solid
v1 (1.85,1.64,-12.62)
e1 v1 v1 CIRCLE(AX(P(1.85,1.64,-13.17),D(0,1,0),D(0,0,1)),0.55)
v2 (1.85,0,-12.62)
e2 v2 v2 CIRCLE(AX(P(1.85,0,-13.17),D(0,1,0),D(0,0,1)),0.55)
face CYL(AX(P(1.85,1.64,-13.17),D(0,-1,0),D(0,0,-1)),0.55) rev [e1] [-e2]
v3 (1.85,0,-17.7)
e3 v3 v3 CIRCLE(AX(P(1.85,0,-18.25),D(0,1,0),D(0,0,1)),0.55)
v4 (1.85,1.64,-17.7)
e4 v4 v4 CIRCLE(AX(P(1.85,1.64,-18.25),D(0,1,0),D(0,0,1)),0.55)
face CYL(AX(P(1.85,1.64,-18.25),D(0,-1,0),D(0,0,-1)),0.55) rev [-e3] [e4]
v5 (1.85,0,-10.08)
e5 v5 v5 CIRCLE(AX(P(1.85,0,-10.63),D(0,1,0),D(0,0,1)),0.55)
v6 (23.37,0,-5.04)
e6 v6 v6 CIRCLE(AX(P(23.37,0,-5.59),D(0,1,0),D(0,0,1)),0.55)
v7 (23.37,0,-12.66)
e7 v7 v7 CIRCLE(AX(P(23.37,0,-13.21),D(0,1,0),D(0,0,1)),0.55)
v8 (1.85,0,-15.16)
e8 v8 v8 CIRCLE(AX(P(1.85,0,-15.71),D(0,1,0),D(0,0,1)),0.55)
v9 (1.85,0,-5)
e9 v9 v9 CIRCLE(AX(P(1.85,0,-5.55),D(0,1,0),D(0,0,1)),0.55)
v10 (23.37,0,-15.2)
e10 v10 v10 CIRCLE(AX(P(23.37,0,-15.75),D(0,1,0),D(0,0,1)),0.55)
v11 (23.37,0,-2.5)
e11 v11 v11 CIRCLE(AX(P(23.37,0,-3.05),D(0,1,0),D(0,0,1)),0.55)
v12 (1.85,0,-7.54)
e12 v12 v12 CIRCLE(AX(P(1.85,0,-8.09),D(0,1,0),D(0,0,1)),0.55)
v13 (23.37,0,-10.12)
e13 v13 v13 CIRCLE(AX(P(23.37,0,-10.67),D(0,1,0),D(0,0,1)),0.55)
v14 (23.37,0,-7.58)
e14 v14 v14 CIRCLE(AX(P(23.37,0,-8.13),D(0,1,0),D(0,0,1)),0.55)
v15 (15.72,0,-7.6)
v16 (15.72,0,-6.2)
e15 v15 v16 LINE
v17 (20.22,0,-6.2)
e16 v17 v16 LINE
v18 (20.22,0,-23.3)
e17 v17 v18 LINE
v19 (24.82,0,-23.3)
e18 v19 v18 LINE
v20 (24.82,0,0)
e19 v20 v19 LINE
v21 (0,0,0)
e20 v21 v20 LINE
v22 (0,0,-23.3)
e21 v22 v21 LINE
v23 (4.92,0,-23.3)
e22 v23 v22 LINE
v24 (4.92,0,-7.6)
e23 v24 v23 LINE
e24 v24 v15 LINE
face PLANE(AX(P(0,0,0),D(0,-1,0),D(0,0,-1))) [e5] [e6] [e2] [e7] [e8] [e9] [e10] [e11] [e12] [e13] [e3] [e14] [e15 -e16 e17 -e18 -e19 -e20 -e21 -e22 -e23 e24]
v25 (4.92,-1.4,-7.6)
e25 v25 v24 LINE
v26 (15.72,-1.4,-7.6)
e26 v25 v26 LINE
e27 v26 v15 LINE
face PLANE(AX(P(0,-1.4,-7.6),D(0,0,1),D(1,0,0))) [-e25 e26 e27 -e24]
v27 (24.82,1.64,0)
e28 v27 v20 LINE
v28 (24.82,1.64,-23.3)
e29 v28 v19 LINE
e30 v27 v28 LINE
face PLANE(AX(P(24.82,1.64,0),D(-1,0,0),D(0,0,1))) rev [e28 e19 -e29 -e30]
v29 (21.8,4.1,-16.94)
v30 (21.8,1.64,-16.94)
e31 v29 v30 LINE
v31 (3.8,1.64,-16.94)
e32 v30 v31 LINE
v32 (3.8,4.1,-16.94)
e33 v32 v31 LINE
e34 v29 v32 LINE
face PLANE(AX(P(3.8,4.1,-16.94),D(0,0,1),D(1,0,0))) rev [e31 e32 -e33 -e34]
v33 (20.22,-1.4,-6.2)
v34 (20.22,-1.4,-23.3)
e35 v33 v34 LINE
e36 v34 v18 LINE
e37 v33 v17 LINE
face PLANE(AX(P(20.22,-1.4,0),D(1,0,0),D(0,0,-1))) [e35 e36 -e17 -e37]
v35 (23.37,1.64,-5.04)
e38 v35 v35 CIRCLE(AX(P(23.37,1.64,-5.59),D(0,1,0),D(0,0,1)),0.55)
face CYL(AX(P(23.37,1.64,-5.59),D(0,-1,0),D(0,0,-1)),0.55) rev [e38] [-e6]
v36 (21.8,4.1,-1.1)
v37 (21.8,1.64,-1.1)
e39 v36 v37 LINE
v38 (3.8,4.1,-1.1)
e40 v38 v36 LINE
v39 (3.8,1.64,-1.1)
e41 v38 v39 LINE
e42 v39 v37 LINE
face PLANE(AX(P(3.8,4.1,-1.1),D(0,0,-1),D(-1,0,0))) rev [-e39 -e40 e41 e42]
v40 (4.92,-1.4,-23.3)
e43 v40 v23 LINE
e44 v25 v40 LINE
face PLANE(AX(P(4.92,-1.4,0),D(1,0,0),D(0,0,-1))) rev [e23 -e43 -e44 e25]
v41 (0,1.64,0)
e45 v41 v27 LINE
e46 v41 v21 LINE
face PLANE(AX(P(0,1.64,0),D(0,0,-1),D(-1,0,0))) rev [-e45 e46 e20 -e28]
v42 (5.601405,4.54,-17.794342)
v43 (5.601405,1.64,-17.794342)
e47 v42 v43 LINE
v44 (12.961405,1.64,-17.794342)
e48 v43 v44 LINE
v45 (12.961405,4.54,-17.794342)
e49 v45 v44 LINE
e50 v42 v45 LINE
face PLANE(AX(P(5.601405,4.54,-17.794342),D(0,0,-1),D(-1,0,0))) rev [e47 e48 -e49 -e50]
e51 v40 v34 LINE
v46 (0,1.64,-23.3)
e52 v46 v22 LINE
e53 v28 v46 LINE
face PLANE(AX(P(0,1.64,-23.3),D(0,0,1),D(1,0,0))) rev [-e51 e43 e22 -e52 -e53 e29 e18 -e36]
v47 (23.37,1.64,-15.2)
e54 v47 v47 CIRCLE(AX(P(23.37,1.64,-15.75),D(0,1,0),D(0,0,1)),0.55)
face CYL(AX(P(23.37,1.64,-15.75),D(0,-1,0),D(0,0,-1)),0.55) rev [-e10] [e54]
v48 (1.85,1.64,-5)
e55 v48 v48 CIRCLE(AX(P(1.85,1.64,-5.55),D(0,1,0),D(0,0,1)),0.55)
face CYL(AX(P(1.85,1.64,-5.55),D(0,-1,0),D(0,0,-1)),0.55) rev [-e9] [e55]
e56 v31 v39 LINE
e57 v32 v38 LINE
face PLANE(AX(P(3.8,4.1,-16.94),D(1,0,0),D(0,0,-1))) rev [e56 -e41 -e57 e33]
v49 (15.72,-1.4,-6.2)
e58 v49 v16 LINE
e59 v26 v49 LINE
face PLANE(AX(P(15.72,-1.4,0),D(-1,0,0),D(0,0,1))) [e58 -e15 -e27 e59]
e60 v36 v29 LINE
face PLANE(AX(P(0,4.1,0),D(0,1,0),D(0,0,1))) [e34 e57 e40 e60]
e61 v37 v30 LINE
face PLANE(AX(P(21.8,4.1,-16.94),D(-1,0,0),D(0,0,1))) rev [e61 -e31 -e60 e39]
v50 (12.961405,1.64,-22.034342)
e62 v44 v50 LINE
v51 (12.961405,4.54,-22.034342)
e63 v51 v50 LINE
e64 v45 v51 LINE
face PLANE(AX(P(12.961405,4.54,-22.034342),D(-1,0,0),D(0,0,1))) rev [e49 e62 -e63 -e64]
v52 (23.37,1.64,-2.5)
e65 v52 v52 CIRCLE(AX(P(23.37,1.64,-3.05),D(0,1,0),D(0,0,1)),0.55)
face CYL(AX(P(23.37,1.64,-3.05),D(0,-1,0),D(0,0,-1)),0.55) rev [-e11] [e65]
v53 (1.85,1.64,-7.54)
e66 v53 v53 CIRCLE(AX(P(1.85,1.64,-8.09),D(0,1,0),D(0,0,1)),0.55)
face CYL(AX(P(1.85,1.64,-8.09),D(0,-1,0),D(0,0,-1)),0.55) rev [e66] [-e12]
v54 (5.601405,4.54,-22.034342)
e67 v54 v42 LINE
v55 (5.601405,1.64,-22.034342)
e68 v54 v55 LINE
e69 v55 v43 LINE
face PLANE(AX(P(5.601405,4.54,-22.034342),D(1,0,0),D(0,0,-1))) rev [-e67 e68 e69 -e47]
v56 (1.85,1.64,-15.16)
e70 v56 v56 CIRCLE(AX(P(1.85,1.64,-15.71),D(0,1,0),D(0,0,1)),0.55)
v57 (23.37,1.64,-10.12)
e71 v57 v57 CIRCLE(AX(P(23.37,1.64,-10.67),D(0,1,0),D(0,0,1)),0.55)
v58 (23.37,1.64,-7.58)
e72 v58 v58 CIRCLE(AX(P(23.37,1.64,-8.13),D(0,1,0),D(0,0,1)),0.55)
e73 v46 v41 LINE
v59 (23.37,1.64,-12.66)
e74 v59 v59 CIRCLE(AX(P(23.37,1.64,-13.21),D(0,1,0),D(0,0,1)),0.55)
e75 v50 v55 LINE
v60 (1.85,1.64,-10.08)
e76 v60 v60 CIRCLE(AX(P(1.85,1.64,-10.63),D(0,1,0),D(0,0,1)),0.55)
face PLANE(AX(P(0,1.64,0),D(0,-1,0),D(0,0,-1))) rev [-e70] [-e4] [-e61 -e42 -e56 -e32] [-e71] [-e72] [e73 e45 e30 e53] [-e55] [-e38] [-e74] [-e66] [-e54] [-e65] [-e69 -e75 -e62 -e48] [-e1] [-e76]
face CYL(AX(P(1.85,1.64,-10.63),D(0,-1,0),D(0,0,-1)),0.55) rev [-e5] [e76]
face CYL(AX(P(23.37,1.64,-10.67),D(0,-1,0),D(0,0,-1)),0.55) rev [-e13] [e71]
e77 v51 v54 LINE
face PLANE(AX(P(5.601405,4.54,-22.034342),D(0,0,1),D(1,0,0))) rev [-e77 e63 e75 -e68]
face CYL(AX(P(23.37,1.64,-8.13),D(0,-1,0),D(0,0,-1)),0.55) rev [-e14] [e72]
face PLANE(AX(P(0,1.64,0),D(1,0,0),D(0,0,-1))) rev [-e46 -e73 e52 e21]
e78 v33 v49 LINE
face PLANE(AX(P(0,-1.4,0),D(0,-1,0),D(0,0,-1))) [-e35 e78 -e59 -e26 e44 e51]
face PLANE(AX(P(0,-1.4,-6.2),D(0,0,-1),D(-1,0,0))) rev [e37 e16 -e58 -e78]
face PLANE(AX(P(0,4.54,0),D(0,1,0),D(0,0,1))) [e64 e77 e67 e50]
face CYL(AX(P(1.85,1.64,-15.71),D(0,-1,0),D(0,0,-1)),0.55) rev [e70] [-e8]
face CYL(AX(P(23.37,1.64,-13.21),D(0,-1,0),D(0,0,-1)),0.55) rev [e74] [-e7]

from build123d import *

# Parameters (mm, degrees)
ESQUISSE1_W        = 24.82
ESQUISSE1_H        = 23.3
ESQUISSE1_R        = 0.55
BOSS_EXTRU_1_DEPTH = 1.64
ESQUISSE2_W        = 18
ESQUISSE2_H        = 15.84
BOSS_EXTRU_2_DEPTH = 2.46
ESQUISSE3_W        = 7.36
ESQUISSE3_H        = 4.24
BOSS_EXTRU_3_DEPTH = 2.9
ESQUISSE4_W        = 4.5
ESQUISSE4_H        = 1.4
BOSS_EXTRU_4_DEPTH = 1.4


with BuildPart() as part:
    # Esquisse1 → Boss.-Extru.1 (new body)
    with BuildSketch(Plane(origin=(0, 0, 0), x_dir=(1, 0, 0), z_dir=(0, 1, 0))):
        with Locations((12.41, 11.65)):
            Rectangle(ESQUISSE1_W, ESQUISSE1_H)
        with Locations(Location((1.85, 5.55, 0), (0, 0, 270))):
            Circle(ESQUISSE1_R, mode=Mode.SUBTRACT)
        with Locations(Location((23.37, 3.05, 0), (0, 0, 270))):
            Circle(ESQUISSE1_R, mode=Mode.SUBTRACT)
        with Locations(Location((1.85, 8.09, 0), (0, 0, 270))):
            Circle(ESQUISSE1_R, mode=Mode.SUBTRACT)
        with Locations(Location((23.37, 5.59, 0), (0, 0, 270))):
            Circle(ESQUISSE1_R, mode=Mode.SUBTRACT)
        with Locations(Location((1.85, 10.63, 0), (0, 0, 270))):
            Circle(ESQUISSE1_R, mode=Mode.SUBTRACT)
        with Locations(Location((23.37, 8.13, 0), (0, 0, 270))):
            Circle(ESQUISSE1_R, mode=Mode.SUBTRACT)
        with Locations(Location((1.85, 13.17, 0), (0, 0, 270))):
            Circle(ESQUISSE1_R, mode=Mode.SUBTRACT)
        with Locations(Location((23.37, 10.67, 0), (0, 0, 270))):
            Circle(ESQUISSE1_R, mode=Mode.SUBTRACT)
        with Locations(Location((1.85, 15.71, 0), (0, 0, 270))):
            Circle(ESQUISSE1_R, mode=Mode.SUBTRACT)
        with Locations(Location((23.37, 13.21, 0), (0, 0, 270))):
            Circle(ESQUISSE1_R, mode=Mode.SUBTRACT)
        with Locations(Location((1.85, 18.25, 0), (0, 0, 270))):
            Circle(ESQUISSE1_R, mode=Mode.SUBTRACT)
        with Locations(Location((23.37, 15.75, 0), (0, 0, 270))):
            Circle(ESQUISSE1_R, mode=Mode.SUBTRACT)
    extrude(amount=BOSS_EXTRU_1_DEPTH)

    # Esquisse2 → Boss.-Extru.2 (add)
    with BuildSketch(Plane(origin=(0, 1.64, 0), x_dir=(1, 0, 0), z_dir=(0, 1, 0))):
        with Locations((12.8, 9.02)):
            Rectangle(ESQUISSE2_W, ESQUISSE2_H)
    extrude(amount=BOSS_EXTRU_2_DEPTH)

    # Esquisse3 → Boss.-Extru.3 (add)
    with BuildSketch(Plane(origin=(0, 1.64, 0), x_dir=(1, 0, 0), z_dir=(0, 1, 0))):
        with Locations((9.281405269, 19.914341586)):
            Rectangle(ESQUISSE3_W, ESQUISSE3_H)
    extrude(amount=BOSS_EXTRU_3_DEPTH)

    # Esquisse4 → Boss.-Extru.4 (add)
    with BuildSketch(Plane.XZ):
        Polygon((15.72, -7.6), (4.92, -7.6), (4.92, -23.3), (20.22, -23.3), (20.22, -7.6), align=None)
        with Locations((17.97, -6.9)):
            Rectangle(ESQUISSE4_W, ESQUISSE4_H)
    extrude(amount=BOSS_EXTRU_4_DEPTH)


solid = part.part
